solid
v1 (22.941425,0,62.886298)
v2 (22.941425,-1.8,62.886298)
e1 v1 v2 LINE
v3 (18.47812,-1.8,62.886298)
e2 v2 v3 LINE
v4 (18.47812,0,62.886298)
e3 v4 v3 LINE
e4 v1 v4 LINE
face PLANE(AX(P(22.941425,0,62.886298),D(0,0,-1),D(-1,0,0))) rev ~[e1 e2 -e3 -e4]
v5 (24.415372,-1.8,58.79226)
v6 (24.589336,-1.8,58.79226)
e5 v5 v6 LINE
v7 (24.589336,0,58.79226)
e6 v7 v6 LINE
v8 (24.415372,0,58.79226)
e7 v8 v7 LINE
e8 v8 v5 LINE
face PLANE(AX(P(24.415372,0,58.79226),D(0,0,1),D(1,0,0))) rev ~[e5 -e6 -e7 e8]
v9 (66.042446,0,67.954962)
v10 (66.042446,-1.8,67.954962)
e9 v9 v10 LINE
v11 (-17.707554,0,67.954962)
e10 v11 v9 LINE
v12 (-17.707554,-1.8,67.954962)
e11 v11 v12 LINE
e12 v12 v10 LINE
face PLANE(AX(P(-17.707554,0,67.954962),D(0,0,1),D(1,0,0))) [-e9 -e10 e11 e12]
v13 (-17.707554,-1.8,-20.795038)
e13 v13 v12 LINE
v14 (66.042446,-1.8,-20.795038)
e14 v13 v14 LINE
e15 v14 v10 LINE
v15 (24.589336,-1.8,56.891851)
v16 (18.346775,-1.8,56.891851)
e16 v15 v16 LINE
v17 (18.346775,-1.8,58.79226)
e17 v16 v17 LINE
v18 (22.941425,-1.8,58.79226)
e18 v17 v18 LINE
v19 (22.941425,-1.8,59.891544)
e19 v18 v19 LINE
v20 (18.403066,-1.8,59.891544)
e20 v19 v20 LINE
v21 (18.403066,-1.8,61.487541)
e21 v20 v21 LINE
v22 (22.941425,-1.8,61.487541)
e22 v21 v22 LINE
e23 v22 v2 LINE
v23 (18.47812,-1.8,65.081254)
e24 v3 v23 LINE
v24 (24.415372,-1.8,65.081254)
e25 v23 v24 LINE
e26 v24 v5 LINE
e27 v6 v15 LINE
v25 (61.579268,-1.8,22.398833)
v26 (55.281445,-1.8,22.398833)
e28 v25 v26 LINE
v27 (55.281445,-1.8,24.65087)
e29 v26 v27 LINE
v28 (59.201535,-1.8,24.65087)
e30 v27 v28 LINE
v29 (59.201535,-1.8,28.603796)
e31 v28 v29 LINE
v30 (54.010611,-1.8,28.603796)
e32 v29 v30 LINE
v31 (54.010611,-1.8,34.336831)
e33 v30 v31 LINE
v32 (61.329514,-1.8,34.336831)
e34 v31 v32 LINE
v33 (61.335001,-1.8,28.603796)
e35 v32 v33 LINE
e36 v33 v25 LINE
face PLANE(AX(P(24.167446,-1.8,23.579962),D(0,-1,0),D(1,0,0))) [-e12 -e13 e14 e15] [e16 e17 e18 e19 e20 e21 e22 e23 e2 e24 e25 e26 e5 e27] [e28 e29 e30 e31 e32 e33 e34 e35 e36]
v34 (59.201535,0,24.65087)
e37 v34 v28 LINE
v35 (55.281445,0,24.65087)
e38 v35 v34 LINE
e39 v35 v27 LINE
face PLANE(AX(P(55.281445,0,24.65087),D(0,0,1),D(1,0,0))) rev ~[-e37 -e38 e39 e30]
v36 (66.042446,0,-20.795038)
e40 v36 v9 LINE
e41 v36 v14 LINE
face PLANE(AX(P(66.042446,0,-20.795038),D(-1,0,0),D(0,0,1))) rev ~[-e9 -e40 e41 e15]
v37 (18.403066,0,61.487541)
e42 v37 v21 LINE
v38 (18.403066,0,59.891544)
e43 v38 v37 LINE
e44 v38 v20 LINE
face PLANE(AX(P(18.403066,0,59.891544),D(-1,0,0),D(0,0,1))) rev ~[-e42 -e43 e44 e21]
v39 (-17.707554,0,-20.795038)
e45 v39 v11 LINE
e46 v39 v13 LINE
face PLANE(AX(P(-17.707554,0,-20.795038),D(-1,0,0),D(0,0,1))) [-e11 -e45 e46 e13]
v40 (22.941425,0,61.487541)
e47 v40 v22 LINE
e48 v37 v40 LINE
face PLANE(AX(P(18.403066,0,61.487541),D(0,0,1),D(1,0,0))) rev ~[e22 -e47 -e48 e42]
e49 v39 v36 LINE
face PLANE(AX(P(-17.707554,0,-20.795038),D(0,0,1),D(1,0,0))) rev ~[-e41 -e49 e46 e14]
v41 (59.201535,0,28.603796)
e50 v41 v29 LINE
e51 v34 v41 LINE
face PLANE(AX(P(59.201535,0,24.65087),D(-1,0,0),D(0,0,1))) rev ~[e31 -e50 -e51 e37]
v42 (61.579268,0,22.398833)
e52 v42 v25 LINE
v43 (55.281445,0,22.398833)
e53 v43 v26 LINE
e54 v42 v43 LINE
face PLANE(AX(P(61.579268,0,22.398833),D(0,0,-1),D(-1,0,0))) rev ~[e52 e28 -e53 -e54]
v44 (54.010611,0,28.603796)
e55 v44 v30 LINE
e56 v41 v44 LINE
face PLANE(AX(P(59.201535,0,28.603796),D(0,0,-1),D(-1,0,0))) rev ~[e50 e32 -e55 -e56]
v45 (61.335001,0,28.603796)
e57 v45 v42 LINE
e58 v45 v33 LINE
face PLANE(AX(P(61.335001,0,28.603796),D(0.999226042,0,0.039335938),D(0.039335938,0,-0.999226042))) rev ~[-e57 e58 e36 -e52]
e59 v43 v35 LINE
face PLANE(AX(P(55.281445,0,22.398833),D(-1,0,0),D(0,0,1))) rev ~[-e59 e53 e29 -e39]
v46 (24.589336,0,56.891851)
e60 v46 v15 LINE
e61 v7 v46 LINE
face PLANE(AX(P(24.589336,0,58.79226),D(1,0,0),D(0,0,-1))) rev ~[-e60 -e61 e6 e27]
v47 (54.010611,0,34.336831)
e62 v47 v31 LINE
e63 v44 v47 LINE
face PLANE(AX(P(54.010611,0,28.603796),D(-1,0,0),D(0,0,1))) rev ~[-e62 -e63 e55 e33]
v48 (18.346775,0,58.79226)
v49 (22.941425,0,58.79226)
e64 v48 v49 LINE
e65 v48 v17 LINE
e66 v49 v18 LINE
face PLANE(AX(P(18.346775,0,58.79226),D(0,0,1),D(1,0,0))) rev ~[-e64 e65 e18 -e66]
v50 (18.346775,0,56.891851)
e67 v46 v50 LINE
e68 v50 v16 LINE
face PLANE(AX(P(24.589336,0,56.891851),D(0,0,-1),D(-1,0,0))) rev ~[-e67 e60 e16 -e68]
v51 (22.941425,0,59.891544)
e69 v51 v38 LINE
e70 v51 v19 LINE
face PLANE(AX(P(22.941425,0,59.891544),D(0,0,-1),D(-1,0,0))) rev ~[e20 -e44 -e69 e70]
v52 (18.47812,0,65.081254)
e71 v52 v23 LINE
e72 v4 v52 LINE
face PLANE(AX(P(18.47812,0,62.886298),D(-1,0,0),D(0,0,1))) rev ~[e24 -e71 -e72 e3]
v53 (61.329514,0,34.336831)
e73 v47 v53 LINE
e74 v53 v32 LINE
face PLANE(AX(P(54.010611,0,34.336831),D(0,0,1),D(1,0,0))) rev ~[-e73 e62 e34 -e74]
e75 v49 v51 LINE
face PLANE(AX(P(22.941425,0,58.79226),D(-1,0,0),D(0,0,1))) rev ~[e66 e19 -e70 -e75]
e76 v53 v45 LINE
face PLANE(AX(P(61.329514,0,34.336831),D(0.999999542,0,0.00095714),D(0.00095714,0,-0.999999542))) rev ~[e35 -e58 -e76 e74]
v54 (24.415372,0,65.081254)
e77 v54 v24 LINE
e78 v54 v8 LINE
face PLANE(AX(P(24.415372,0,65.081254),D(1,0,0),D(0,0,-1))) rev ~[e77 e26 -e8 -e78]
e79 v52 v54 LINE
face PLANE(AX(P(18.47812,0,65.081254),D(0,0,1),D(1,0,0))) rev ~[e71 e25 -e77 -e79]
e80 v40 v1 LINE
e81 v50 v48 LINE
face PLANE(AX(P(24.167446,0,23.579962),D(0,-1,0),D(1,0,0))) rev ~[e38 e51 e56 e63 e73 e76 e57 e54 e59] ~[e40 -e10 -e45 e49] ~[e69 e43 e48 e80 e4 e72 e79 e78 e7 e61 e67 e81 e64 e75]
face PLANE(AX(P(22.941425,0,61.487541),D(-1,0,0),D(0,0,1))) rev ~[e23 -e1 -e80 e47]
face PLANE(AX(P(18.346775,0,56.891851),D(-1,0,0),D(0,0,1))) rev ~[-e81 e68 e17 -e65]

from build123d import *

# Parameters (mm, degrees)
F0_W     = 83.75
F0_H     = 88.75
F1_DEPTH = 1.8


with BuildPart() as f1:
    # F0 (on Front) → F1 (new body)
    with BuildSketch(Plane.XZ):
        with Locations((24.1674456596, 23.5799620202)):
            Rectangle(F0_W, F0_H)
        Polygon((18.4781197459, 62.8862977028), (18.4781197459, 65.0812536478), (22.9414254427, 65.0812536478), (24.4153719395, 65.0812536478), (24.4153719395, 62.8862977028), (24.4153719395, 58.7922595441), (24.5893355459, 58.7922595441), (24.5893355459, 56.8918511271), (24.4153719395, 56.8918511271), (22.9414254427, 56.8918511271), (18.3467753232, 56.8918511271), (18.3467753232, 58.7922595441), (22.9414254427, 58.7922595441), (22.9414254427, 59.8915442824), (18.4030663222, 59.8915442824), (18.4030663222, 61.4875406027), (22.9414254427, 61.4875406027), (22.9414254427, 62.8862977028), align=None, mode=Mode.SUBTRACT)
        Polygon((54.0106110275, 28.6037959158), (54.0106110275, 34.3368314207), (61.3295138193, 34.3368314207), (61.3350011408, 28.6037959158), (61.5792682247, 22.3988331854), (55.281445384, 22.3988331854), (55.281445384, 24.650869891), (59.2015348375, 24.650869891), (59.2015348375, 28.6037959158), align=None, mode=Mode.SUBTRACT)
    extrude(amount=F1_DEPTH)


solid = f1.part
